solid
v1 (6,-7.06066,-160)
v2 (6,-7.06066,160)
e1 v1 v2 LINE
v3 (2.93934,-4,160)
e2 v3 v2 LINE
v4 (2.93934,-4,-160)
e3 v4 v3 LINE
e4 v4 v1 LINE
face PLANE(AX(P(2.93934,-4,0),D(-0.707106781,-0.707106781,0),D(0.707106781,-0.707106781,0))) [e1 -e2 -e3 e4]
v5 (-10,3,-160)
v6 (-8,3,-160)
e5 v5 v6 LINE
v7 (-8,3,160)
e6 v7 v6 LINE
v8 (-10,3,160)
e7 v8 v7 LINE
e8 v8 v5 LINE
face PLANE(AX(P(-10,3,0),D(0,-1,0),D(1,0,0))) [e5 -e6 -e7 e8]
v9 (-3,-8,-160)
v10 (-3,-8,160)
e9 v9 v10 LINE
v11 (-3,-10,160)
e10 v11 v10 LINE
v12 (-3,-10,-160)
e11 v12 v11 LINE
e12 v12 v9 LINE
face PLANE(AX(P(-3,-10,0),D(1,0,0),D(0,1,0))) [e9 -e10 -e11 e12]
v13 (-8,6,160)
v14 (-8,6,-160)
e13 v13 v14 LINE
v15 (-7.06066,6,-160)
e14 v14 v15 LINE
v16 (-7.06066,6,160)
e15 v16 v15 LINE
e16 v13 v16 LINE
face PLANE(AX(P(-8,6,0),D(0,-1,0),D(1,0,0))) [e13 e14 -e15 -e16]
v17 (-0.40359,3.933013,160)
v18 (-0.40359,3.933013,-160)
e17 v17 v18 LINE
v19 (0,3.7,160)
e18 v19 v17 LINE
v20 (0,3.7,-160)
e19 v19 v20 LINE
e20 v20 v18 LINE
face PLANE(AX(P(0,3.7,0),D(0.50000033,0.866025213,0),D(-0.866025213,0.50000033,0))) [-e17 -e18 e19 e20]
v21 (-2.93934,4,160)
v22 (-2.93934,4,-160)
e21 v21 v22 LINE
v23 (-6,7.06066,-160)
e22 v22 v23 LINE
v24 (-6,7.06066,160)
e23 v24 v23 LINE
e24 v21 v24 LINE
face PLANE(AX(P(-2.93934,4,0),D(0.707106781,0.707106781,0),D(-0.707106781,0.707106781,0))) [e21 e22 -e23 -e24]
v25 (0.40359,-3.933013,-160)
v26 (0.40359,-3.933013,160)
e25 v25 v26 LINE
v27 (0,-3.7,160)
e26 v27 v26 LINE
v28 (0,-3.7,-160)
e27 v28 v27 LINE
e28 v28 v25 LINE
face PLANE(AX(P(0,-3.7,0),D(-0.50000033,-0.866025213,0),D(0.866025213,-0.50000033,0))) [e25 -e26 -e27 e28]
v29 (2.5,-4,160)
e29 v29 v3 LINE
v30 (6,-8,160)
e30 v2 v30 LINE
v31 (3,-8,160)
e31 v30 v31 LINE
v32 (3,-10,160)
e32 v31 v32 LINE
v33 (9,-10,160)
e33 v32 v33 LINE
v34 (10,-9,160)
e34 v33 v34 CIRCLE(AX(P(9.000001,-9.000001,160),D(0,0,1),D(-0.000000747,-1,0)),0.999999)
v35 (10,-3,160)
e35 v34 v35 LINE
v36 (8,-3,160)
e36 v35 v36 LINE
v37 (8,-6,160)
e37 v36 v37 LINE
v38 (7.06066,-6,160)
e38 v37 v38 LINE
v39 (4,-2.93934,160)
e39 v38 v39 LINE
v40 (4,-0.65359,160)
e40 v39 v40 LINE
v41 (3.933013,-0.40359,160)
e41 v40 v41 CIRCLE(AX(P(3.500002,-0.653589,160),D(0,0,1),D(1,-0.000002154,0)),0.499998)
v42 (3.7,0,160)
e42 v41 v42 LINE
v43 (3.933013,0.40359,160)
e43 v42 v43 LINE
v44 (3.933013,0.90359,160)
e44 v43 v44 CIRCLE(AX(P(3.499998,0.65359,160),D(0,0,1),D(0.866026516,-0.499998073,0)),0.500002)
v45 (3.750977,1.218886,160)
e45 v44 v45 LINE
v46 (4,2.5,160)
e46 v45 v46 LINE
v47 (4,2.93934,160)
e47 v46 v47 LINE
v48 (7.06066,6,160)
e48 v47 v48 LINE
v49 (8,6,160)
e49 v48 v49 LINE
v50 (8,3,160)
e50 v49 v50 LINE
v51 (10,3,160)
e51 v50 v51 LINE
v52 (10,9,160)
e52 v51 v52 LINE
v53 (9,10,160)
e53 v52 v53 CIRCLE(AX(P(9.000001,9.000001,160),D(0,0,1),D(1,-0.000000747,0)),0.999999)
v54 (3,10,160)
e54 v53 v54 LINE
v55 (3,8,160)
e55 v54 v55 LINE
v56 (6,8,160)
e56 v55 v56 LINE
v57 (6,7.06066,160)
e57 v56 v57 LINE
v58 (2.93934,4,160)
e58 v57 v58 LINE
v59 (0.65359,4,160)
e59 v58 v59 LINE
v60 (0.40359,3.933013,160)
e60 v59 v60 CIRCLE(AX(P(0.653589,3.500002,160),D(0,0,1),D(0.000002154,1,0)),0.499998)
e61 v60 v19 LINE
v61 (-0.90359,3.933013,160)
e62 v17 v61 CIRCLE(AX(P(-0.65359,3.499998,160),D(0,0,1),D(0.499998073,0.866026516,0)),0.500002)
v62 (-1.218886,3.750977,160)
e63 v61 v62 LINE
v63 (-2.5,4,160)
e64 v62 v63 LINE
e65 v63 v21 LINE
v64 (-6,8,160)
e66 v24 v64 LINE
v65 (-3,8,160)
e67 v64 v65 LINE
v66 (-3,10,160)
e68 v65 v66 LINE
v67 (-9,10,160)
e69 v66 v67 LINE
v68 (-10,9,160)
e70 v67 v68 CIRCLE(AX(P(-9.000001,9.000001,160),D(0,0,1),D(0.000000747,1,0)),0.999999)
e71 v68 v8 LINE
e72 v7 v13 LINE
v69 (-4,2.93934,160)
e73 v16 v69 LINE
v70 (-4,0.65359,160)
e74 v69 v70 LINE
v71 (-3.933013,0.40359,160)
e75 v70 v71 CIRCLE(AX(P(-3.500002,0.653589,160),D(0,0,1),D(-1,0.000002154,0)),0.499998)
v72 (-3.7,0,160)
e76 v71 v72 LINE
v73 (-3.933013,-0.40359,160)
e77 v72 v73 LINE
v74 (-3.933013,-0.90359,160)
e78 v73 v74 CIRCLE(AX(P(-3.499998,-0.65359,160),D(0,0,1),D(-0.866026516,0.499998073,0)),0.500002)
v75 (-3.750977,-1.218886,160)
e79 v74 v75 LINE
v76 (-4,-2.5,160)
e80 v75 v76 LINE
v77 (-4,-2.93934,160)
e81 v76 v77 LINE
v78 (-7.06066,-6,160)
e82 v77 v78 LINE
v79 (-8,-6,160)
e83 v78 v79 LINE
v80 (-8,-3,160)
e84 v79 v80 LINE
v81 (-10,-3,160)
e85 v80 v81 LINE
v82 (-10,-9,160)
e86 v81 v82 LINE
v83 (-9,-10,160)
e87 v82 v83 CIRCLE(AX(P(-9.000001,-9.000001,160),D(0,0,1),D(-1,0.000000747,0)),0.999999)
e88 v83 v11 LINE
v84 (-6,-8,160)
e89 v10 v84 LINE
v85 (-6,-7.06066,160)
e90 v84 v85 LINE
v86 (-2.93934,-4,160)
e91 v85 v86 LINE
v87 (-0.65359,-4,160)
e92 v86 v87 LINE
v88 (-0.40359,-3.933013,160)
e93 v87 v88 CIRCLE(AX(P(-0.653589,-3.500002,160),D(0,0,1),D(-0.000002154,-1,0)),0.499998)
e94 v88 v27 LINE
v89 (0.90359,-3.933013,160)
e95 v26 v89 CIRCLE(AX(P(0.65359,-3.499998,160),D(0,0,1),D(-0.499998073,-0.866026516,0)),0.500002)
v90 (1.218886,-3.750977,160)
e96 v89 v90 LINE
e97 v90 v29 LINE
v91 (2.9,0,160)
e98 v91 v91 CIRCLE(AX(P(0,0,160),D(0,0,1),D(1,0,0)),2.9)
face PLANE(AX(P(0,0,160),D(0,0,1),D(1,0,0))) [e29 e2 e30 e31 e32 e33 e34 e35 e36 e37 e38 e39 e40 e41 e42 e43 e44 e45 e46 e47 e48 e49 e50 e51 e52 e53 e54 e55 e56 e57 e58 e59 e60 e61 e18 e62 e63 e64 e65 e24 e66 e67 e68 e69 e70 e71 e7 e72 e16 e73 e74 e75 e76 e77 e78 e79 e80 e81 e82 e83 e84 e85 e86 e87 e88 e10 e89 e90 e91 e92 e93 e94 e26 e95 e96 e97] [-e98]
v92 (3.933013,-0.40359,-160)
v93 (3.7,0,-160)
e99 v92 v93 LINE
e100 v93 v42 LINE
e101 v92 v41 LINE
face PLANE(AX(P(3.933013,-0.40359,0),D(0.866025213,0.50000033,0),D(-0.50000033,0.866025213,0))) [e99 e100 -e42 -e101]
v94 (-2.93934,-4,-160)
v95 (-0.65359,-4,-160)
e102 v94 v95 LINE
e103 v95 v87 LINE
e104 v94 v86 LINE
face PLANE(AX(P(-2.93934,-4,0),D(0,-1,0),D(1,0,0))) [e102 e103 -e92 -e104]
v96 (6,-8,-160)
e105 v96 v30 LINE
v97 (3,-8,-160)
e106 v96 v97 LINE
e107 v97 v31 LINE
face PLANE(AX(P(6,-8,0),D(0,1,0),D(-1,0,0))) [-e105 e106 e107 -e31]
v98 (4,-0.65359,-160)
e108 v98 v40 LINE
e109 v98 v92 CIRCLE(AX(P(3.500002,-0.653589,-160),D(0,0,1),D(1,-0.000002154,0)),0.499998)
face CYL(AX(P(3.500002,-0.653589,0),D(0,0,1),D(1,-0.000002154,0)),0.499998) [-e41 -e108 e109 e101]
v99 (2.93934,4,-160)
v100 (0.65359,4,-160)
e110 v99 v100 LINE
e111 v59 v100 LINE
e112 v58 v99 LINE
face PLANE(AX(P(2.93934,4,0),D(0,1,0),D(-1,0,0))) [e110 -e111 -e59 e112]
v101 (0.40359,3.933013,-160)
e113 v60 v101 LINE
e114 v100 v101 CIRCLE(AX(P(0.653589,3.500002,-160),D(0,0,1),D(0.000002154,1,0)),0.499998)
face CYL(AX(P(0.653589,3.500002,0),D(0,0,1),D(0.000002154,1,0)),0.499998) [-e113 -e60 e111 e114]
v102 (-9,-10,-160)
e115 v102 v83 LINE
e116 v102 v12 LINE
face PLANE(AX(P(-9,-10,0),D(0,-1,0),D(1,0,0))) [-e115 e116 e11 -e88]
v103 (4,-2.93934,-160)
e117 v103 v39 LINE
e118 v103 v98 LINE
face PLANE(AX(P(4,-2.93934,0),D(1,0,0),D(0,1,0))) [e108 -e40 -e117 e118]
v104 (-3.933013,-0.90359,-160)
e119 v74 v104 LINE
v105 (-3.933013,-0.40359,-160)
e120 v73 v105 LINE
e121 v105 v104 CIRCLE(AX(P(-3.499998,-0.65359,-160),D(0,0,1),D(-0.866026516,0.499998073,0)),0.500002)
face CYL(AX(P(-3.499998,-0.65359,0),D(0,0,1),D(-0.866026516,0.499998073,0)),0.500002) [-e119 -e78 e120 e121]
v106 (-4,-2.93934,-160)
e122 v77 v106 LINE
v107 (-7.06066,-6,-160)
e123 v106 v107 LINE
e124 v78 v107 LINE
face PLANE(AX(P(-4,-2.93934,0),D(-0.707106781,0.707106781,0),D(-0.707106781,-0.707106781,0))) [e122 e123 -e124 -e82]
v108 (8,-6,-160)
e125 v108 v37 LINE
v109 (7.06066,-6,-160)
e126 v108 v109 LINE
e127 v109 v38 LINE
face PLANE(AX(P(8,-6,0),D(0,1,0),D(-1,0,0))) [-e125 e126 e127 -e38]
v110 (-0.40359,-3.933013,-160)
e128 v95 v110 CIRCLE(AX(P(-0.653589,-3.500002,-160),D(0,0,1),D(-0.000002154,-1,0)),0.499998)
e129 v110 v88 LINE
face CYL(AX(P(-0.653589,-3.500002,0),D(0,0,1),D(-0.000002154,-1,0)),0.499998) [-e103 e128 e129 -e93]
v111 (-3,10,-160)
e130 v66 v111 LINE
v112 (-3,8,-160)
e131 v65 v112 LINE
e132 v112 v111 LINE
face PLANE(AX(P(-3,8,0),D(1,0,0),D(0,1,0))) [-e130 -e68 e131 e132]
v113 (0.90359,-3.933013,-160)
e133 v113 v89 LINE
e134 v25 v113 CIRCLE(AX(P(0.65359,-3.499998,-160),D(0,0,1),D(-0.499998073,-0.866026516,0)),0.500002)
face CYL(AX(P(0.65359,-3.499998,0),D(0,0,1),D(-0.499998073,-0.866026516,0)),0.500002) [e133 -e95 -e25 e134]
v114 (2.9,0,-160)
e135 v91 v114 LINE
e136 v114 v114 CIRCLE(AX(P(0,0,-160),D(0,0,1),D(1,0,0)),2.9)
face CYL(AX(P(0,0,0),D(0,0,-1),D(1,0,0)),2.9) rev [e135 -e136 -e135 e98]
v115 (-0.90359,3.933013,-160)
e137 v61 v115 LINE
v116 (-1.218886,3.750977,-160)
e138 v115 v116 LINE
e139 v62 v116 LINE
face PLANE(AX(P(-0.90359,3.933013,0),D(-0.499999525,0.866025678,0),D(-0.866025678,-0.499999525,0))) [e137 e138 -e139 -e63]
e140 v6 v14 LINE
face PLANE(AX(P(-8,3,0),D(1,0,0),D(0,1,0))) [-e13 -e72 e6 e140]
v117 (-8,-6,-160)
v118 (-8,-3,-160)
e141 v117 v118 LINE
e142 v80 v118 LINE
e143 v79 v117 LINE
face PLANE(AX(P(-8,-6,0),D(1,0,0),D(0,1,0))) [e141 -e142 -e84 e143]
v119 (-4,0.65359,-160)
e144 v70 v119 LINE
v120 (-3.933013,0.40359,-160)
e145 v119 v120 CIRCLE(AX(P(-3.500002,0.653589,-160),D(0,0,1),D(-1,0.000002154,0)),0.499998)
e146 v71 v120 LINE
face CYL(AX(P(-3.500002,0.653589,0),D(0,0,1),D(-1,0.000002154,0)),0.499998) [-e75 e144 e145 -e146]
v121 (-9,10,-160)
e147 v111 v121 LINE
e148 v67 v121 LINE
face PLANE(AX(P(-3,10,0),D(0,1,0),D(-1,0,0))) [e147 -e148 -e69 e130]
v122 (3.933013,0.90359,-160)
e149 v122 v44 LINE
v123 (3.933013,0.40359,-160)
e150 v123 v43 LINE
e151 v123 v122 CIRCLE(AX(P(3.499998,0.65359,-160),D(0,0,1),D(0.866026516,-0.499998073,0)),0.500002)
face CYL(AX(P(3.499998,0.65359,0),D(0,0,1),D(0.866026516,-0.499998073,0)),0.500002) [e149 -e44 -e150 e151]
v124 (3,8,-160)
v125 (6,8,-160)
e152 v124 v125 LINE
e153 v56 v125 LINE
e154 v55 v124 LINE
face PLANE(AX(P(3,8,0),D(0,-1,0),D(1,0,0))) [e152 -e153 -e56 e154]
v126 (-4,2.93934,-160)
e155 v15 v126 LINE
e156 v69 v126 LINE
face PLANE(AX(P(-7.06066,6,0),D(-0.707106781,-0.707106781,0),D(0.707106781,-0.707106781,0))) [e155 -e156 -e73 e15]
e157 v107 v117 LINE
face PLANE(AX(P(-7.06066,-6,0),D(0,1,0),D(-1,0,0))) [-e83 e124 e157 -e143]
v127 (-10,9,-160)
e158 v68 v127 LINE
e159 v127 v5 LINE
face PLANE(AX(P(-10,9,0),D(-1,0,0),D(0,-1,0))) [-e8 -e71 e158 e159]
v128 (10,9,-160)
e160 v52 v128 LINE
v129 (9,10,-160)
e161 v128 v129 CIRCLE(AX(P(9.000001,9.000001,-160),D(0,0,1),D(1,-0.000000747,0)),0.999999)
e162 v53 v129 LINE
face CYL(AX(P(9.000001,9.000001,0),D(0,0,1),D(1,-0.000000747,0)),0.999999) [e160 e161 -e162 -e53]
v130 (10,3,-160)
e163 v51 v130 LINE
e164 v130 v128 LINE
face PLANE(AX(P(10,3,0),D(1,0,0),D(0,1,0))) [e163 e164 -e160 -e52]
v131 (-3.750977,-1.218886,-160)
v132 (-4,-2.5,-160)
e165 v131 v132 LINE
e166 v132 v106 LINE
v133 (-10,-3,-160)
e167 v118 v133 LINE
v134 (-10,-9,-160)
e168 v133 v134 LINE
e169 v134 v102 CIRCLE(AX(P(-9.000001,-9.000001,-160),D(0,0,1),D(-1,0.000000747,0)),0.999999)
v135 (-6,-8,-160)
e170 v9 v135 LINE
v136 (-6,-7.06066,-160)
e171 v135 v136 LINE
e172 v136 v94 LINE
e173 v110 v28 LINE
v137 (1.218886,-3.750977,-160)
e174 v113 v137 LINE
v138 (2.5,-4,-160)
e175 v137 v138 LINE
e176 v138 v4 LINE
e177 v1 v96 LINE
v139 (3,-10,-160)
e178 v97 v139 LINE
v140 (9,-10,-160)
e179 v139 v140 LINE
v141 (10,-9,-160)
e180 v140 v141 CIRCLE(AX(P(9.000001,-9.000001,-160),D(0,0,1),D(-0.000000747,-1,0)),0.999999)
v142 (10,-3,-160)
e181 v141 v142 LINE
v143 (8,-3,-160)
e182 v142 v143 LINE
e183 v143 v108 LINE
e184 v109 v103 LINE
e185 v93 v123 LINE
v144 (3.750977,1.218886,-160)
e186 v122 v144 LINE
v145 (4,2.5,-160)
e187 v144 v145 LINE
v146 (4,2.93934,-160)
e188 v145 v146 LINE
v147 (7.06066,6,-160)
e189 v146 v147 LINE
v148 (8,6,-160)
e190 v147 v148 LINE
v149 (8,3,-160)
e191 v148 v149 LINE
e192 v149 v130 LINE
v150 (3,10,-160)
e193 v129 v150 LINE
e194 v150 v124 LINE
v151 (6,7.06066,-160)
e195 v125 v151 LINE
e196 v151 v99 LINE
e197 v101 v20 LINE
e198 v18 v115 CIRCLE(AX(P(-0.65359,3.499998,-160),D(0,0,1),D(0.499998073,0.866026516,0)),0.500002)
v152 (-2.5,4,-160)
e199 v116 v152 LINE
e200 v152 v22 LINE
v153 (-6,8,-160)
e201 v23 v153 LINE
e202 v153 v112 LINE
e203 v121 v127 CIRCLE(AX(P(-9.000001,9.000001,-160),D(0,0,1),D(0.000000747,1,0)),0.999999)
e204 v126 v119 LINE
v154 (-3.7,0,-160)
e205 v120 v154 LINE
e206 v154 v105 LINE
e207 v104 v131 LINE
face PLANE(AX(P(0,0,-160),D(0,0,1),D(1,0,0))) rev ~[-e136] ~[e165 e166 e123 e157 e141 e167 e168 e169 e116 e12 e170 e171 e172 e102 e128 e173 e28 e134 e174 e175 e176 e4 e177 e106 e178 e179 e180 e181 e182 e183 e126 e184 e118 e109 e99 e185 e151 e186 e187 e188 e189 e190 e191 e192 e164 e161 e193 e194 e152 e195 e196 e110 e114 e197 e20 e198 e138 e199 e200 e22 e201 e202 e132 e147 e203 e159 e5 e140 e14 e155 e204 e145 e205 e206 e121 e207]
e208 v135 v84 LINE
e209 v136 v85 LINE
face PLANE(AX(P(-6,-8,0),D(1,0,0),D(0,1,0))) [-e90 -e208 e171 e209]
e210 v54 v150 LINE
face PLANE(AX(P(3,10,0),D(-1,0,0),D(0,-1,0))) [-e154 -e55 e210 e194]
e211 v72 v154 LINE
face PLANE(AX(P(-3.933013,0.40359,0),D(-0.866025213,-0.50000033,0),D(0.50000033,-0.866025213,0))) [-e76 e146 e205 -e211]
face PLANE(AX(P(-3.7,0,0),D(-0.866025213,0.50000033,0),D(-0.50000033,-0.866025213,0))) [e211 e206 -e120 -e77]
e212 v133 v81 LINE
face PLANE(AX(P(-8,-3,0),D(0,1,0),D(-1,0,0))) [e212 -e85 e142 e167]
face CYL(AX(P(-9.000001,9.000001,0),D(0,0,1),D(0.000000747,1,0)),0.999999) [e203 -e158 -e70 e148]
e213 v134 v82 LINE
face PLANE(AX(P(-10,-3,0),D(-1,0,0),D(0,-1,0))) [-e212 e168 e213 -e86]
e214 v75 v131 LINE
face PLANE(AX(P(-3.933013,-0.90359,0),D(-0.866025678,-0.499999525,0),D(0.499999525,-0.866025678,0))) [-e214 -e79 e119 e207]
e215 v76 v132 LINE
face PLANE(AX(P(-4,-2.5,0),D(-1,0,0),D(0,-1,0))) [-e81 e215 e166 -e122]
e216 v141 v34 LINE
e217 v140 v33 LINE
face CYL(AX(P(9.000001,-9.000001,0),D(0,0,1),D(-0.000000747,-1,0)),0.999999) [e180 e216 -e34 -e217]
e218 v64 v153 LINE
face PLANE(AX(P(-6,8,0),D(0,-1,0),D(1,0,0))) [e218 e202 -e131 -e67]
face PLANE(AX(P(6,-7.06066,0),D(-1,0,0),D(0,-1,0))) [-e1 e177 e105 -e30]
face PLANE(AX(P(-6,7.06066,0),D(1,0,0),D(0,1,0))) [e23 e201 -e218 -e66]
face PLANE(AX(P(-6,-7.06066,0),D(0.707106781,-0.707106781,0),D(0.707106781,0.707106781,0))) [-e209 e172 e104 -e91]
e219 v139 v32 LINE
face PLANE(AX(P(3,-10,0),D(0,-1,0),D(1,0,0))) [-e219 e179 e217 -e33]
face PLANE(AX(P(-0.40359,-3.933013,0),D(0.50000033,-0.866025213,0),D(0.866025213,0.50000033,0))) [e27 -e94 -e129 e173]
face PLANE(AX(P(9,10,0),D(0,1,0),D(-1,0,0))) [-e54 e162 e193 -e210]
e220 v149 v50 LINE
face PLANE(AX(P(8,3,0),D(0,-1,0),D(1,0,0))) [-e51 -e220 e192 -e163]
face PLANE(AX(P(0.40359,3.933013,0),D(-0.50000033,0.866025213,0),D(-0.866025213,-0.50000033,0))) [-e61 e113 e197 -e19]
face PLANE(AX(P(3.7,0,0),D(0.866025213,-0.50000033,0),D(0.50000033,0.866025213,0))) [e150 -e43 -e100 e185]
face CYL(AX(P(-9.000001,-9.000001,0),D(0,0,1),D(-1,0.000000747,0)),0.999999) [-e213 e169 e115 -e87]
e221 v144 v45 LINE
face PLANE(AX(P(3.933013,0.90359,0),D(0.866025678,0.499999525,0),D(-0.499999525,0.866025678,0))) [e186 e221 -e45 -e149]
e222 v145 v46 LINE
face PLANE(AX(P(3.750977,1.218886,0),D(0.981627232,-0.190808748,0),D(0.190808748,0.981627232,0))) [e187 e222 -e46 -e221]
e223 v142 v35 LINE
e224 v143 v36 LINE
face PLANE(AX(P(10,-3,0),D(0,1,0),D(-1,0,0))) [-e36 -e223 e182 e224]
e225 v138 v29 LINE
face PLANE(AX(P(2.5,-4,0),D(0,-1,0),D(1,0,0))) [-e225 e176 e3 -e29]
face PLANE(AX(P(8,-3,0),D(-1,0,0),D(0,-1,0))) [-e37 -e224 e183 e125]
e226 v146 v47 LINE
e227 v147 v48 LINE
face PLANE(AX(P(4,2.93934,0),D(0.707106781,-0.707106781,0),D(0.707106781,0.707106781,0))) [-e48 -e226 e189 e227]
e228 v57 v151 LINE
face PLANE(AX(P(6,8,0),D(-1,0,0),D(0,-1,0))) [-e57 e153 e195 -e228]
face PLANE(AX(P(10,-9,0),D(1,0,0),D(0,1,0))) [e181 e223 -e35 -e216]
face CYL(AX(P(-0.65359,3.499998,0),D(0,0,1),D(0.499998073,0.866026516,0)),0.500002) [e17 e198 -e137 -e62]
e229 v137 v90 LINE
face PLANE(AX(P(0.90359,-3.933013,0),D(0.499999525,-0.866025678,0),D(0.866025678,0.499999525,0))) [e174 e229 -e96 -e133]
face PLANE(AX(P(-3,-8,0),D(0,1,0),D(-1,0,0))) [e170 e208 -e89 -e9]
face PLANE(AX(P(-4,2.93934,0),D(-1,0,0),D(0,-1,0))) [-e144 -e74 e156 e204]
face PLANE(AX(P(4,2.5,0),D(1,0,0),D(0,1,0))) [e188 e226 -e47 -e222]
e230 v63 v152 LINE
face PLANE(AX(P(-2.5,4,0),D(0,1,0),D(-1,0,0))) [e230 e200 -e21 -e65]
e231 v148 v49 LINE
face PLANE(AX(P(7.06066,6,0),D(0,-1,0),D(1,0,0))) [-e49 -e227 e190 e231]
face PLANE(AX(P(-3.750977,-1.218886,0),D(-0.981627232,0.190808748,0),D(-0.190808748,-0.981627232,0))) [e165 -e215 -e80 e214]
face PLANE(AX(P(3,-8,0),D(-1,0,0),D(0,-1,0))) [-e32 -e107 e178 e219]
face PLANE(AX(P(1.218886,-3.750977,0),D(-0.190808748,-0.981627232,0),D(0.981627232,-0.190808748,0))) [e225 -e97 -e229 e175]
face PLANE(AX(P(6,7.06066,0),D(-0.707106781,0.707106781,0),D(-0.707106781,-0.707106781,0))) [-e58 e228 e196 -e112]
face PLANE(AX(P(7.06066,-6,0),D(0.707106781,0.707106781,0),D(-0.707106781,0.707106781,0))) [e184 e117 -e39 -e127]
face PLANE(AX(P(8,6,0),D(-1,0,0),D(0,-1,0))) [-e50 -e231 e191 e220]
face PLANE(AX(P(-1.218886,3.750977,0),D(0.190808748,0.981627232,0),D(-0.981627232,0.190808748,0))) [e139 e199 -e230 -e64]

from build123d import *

# Parameters (mm, degrees)
SKETCH001_R = 2.9
PAD_DEPTH   = 160


with BuildPart() as part:
    # Sketch001 → Pad (new body, symmetric)
    with BuildSketch(Plane.XY):
        with BuildLine():
            Line((-8, -3), (-10, -3))
            Line((-10, -3), (-10, -9))
            ThreePointArc((-10, -9), (-9.707107, -9.707107), (-9, -10))
            Line((-9, -10), (-3, -10))
            Line((-3, -10), (-3, -8))
            Line((-3, -8), (-6, -8))
            Line((-6, -8), (-6, -7.06066))
            Line((-6, -7.06066), (-2.93934, -4))
            Line((-2.93934, -4), (-0.65359, -4))
            ThreePointArc((-0.65359, -4), (-0.52418, -3.982963), (-0.40359, -3.933013))
            Line((-0.40359, -3.933013), (0, -3.7))
            Line((0, -3.7), (0.40359, -3.933013))
            ThreePointArc((0.40359, -3.933013), (0.65359, -4), (0.90359, -3.933013))
            Line((0.90359, -3.933013), (1.218886, -3.750977))
            Line((1.218886, -3.750977), (2.5, -4))
            Line((2.5, -4), (2.93934, -4))
            Line((2.93934, -4), (6, -7.06066))
            Line((6, -7.06066), (6, -8))
            Line((6, -8), (3, -8))
            Line((3, -8), (3, -10))
            Line((3, -10), (9, -10))
            ThreePointArc((9, -10), (9.707107, -9.707107), (10, -9))
            Line((10, -9), (10, -3))
            Line((10, -3), (8, -3))
            Line((8, -3), (8, -6))
            Line((8, -6), (7.06066, -6))
            Line((7.06066, -6), (4, -2.93934))
            Line((4, -2.93934), (4, -0.65359))
            ThreePointArc((4, -0.65359), (3.982963, -0.52418), (3.933013, -0.40359))
            Line((3.933013, -0.40359), (3.7, 0))
            Line((3.7, 0), (3.933013, 0.40359))
            ThreePointArc((3.933013, 0.40359), (4, 0.65359), (3.933013, 0.90359))
            Line((3.933013, 0.90359), (3.750977, 1.218886))
            Line((3.750977, 1.218886), (4, 2.5))
            Line((4, 2.5), (4, 2.93934))
            Line((4, 2.93934), (7.06066, 6))
            Line((7.06066, 6), (8, 6))
            Line((8, 6), (8, 3))
            Line((8, 3), (10, 3))
            Line((10, 3), (10, 9))
            ThreePointArc((10, 9), (9.707107, 9.707107), (9, 10))
            Line((9, 10), (3, 10))
            Line((3, 10), (3, 8))
            Line((3, 8), (6, 8))
            Line((6, 8), (6, 7.06066))
            Line((6, 7.06066), (2.93934, 4))
            Line((2.93934, 4), (0.65359, 4))
            ThreePointArc((0.65359, 4), (0.52418, 3.982963), (0.40359, 3.933013))
            Line((0.40359, 3.933013), (0, 3.7))
            Line((0, 3.7), (-0.40359, 3.933013))
            ThreePointArc((-0.40359, 3.933013), (-0.65359, 4), (-0.90359, 3.933013))
            Line((-0.90359, 3.933013), (-1.218886, 3.750977))
            Line((-1.218886, 3.750977), (-2.5, 4))
            Line((-2.5, 4), (-2.93934, 4))
            Line((-2.93934, 4), (-6, 7.06066))
            Line((-6, 7.06066), (-6, 8))
            Line((-6, 8), (-3, 8))
            Line((-3, 8), (-3, 10))
            Line((-3, 10), (-9, 10))
            ThreePointArc((-9, 10), (-9.707107, 9.707107), (-10, 9))
            Line((-10, 9), (-10, 3))
            Line((-10, 3), (-8, 3))
            Line((-8, 3), (-8, 6))
            Line((-8, 6), (-7.06066, 6))
            Line((-7.06066, 6), (-4, 2.93934))
            Line((-4, 2.93934), (-4, 0.65359))
            ThreePointArc((-4, 0.65359), (-3.982963, 0.52418), (-3.933013, 0.40359))
            Line((-3.933013, 0.40359), (-3.7, 0))
            Line((-3.7, 0), (-3.933013, -0.40359))
            ThreePointArc((-3.933013, -0.40359), (-4, -0.65359), (-3.933013, -0.90359))
            Line((-3.933013, -0.90359), (-3.750977, -1.218886))
            Line((-3.750977, -1.218886), (-4, -2.5))
            Line((-4, -2.5), (-4, -2.93934))
            Line((-4, -2.93934), (-7.06066, -6))
            Line((-7.06066, -6), (-8, -6))
            Line((-8, -6), (-8, -3))
        make_face()
        Circle(SKETCH001_R, mode=Mode.SUBTRACT)
    extrude(amount=PAD_DEPTH, both=True)


solid = part.part
